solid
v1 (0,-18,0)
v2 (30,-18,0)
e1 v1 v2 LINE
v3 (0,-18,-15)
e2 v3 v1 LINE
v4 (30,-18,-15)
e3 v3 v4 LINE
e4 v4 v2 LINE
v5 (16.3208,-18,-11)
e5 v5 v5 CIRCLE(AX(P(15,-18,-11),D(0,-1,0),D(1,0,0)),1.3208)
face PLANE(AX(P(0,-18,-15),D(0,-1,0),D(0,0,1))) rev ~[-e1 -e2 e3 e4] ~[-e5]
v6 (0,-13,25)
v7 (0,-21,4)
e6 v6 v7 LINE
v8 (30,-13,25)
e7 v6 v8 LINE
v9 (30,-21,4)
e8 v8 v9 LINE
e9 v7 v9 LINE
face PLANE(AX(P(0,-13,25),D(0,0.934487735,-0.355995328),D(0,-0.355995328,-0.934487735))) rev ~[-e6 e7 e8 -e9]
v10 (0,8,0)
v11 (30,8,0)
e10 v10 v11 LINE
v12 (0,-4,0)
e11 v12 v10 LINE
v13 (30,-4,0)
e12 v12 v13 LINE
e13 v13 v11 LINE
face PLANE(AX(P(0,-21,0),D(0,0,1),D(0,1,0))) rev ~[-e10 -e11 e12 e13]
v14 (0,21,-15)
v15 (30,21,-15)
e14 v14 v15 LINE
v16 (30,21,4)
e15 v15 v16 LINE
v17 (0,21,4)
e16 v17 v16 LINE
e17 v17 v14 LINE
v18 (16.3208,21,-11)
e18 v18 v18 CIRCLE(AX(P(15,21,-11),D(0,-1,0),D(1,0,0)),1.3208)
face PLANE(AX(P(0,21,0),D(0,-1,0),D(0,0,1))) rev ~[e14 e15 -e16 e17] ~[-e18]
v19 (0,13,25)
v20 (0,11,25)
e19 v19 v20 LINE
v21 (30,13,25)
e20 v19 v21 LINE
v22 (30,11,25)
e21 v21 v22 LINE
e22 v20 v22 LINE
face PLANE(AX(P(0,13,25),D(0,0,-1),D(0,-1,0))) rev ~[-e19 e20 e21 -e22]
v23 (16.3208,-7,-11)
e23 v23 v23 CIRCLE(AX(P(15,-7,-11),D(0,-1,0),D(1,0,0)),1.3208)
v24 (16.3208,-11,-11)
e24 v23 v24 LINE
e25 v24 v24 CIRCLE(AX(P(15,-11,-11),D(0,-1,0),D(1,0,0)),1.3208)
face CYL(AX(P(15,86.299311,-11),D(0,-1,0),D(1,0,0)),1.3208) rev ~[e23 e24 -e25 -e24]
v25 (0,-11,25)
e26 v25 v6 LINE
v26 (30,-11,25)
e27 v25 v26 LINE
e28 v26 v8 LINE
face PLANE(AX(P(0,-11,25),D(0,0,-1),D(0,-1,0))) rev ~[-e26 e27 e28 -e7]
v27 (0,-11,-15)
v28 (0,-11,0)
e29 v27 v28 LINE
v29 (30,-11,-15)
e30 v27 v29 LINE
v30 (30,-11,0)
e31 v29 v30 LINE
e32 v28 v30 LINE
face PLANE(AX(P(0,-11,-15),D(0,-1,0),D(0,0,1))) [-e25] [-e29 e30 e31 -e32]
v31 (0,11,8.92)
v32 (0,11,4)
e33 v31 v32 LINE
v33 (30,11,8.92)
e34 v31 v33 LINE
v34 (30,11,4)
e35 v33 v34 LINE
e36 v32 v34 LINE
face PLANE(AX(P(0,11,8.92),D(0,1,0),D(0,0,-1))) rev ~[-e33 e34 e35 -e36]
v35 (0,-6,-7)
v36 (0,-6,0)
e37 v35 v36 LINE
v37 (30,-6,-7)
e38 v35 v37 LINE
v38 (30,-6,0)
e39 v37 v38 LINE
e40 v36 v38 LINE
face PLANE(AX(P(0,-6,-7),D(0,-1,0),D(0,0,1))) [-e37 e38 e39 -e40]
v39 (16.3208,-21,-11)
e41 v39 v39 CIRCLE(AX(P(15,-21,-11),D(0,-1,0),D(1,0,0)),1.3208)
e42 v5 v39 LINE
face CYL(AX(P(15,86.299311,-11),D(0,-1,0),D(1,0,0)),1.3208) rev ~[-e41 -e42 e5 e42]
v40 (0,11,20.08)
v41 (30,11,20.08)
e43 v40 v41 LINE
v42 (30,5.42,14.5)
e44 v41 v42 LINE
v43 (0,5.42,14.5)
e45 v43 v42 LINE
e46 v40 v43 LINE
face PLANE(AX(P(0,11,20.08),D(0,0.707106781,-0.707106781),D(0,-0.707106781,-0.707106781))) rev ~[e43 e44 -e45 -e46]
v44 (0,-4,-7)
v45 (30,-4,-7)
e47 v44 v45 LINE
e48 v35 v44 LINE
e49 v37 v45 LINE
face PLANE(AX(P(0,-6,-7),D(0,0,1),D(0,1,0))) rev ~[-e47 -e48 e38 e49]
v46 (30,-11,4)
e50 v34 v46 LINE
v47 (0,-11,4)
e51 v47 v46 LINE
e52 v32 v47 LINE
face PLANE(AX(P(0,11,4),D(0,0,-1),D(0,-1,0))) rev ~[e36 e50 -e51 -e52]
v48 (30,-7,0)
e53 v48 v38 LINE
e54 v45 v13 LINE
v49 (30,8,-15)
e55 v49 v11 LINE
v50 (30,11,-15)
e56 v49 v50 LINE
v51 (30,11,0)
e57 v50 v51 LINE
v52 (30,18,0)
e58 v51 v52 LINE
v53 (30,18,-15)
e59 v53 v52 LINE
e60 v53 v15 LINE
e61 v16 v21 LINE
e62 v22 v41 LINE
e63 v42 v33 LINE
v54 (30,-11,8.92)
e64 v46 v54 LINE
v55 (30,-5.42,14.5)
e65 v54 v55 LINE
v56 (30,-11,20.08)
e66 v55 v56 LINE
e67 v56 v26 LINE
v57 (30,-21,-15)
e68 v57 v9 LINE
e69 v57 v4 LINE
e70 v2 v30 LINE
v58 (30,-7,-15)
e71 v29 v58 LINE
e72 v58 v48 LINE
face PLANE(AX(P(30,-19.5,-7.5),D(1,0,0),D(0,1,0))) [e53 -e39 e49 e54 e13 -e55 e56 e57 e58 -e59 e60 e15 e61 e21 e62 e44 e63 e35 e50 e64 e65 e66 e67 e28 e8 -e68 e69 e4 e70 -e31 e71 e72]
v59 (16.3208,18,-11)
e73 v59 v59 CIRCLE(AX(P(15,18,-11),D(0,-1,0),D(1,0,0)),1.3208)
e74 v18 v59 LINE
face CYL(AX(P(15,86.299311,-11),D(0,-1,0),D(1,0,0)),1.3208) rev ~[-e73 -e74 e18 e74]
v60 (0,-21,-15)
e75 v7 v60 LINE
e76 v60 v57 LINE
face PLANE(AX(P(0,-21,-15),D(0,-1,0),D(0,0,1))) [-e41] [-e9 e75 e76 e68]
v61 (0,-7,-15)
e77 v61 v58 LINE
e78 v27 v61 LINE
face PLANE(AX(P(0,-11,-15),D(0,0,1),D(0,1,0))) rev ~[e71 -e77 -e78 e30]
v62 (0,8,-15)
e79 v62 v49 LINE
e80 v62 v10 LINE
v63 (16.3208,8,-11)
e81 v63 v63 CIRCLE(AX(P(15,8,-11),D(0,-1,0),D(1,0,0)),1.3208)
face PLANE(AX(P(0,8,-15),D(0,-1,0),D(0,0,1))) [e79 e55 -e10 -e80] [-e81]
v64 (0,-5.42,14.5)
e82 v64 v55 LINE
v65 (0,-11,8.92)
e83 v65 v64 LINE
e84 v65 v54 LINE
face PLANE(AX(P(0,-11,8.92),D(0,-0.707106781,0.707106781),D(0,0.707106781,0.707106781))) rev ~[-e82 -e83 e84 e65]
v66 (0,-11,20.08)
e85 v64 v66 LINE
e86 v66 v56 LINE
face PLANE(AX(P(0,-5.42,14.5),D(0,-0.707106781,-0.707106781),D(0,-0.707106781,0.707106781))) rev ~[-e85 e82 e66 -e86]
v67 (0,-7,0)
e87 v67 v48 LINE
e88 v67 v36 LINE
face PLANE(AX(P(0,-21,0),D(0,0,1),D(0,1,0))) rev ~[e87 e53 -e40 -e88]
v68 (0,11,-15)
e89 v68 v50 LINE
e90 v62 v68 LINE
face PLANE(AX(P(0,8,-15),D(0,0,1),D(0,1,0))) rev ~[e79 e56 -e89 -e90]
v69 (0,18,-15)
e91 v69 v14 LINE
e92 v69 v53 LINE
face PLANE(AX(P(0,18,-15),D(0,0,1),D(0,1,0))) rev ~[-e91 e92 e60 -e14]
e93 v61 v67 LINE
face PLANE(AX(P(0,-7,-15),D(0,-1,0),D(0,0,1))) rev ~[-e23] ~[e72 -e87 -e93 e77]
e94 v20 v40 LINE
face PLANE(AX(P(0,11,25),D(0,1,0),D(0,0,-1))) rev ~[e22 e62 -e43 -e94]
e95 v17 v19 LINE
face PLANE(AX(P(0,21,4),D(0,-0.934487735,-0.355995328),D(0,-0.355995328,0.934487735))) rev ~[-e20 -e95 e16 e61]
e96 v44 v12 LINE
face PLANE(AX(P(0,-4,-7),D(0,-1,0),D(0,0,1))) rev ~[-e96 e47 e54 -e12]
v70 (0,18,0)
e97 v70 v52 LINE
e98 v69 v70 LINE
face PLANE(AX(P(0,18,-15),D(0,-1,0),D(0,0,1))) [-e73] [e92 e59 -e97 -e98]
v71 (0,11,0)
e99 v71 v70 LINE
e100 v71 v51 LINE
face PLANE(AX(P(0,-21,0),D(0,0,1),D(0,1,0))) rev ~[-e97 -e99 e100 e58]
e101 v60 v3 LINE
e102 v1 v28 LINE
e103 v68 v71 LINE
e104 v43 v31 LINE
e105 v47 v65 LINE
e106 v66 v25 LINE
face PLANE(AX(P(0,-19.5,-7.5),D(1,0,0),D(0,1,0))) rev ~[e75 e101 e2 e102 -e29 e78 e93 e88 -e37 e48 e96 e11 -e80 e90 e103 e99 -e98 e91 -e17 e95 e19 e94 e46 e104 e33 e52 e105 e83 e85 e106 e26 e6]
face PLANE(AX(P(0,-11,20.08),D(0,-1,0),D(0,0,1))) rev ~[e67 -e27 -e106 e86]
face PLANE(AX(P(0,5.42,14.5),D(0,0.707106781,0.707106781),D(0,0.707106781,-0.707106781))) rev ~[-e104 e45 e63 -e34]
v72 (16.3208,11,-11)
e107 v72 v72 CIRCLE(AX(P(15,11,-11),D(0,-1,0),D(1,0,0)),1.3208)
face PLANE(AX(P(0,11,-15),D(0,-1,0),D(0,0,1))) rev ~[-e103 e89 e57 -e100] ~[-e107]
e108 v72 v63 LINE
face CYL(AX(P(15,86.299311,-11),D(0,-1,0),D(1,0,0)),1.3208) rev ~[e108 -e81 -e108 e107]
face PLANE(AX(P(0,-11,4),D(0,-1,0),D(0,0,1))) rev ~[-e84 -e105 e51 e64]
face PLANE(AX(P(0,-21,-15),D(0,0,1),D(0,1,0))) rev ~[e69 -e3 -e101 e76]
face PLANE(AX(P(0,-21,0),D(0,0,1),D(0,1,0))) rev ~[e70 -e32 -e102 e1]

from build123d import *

# Parameters (mm, degrees)
F1_DEPTH = 30
F2_W     = 3
F2_H     = 15
F3_DEPTH = 30
F2_W_2   = 4
F4_DEPTH = 30
F2_W_3   = 2
F2_H_2   = 7
F5_DEPTH = 30
F7_D     = 2.6416


with BuildPart() as f1:
    # F0 (on Right) → F1 (new body)
    with BuildSketch(Plane.YZ):
        Polygon((5.42, 14.5), (11, 8.92), (11, 20.08), align=None)
        Polygon((-11, 20.08), (-11, 8.92), (-5.42, 14.5), align=None)
        Polygon((-21, 4), (-21, 0), (0, 0), (0, 4), (-11, 4), align=None)
        Polygon((0, 4), (0, 0), (21, 0), (21, 4), (11, 4), align=None)
        Polygon((11, 4), (21, 4), (13, 25), (11, 25), (11, 20.08), (11, 8.92), align=None)
        Polygon((-13, 25), (-21, 4), (-11, 4), (-11, 8.92), (-11, 20.08), (-11, 25), align=None)
    extrude(amount=F1_DEPTH)

    # F2 (on Right) → F3 (join, through all)
    with BuildSketch(Plane.YZ):
        with Locations((-19.5, -7.5)):
            Rectangle(F2_W, F2_H)
        with Locations((9.5, -7.5)):
            Rectangle(F2_W, F2_H)
        with Locations((19.5, -7.5)):
            Rectangle(F2_W, F2_H)
    extrude(amount=F3_DEPTH)

    # F2 (on Right) → F4 (join, through all)
    with BuildSketch(Plane.YZ):
        with Locations((-9, -7.5)):
            Rectangle(F2_W_2, F2_H)
    extrude(amount=F4_DEPTH)

    # F2 (on Right) → F5 (join, through all)
    with BuildSketch(Plane.YZ):
        with Locations((-5, -3.5)):
            Rectangle(F2_W_3, F2_H_2)
    extrude(amount=F5_DEPTH)

    # F7 (through all)
    with Locations(Plane(origin=(0, 21, 0), x_dir=(-1, 0, 0), z_dir=(0, 1, 0))):
        with Locations((-15, -11)):
            Hole(F7_D / 2)


solid = f1.part
